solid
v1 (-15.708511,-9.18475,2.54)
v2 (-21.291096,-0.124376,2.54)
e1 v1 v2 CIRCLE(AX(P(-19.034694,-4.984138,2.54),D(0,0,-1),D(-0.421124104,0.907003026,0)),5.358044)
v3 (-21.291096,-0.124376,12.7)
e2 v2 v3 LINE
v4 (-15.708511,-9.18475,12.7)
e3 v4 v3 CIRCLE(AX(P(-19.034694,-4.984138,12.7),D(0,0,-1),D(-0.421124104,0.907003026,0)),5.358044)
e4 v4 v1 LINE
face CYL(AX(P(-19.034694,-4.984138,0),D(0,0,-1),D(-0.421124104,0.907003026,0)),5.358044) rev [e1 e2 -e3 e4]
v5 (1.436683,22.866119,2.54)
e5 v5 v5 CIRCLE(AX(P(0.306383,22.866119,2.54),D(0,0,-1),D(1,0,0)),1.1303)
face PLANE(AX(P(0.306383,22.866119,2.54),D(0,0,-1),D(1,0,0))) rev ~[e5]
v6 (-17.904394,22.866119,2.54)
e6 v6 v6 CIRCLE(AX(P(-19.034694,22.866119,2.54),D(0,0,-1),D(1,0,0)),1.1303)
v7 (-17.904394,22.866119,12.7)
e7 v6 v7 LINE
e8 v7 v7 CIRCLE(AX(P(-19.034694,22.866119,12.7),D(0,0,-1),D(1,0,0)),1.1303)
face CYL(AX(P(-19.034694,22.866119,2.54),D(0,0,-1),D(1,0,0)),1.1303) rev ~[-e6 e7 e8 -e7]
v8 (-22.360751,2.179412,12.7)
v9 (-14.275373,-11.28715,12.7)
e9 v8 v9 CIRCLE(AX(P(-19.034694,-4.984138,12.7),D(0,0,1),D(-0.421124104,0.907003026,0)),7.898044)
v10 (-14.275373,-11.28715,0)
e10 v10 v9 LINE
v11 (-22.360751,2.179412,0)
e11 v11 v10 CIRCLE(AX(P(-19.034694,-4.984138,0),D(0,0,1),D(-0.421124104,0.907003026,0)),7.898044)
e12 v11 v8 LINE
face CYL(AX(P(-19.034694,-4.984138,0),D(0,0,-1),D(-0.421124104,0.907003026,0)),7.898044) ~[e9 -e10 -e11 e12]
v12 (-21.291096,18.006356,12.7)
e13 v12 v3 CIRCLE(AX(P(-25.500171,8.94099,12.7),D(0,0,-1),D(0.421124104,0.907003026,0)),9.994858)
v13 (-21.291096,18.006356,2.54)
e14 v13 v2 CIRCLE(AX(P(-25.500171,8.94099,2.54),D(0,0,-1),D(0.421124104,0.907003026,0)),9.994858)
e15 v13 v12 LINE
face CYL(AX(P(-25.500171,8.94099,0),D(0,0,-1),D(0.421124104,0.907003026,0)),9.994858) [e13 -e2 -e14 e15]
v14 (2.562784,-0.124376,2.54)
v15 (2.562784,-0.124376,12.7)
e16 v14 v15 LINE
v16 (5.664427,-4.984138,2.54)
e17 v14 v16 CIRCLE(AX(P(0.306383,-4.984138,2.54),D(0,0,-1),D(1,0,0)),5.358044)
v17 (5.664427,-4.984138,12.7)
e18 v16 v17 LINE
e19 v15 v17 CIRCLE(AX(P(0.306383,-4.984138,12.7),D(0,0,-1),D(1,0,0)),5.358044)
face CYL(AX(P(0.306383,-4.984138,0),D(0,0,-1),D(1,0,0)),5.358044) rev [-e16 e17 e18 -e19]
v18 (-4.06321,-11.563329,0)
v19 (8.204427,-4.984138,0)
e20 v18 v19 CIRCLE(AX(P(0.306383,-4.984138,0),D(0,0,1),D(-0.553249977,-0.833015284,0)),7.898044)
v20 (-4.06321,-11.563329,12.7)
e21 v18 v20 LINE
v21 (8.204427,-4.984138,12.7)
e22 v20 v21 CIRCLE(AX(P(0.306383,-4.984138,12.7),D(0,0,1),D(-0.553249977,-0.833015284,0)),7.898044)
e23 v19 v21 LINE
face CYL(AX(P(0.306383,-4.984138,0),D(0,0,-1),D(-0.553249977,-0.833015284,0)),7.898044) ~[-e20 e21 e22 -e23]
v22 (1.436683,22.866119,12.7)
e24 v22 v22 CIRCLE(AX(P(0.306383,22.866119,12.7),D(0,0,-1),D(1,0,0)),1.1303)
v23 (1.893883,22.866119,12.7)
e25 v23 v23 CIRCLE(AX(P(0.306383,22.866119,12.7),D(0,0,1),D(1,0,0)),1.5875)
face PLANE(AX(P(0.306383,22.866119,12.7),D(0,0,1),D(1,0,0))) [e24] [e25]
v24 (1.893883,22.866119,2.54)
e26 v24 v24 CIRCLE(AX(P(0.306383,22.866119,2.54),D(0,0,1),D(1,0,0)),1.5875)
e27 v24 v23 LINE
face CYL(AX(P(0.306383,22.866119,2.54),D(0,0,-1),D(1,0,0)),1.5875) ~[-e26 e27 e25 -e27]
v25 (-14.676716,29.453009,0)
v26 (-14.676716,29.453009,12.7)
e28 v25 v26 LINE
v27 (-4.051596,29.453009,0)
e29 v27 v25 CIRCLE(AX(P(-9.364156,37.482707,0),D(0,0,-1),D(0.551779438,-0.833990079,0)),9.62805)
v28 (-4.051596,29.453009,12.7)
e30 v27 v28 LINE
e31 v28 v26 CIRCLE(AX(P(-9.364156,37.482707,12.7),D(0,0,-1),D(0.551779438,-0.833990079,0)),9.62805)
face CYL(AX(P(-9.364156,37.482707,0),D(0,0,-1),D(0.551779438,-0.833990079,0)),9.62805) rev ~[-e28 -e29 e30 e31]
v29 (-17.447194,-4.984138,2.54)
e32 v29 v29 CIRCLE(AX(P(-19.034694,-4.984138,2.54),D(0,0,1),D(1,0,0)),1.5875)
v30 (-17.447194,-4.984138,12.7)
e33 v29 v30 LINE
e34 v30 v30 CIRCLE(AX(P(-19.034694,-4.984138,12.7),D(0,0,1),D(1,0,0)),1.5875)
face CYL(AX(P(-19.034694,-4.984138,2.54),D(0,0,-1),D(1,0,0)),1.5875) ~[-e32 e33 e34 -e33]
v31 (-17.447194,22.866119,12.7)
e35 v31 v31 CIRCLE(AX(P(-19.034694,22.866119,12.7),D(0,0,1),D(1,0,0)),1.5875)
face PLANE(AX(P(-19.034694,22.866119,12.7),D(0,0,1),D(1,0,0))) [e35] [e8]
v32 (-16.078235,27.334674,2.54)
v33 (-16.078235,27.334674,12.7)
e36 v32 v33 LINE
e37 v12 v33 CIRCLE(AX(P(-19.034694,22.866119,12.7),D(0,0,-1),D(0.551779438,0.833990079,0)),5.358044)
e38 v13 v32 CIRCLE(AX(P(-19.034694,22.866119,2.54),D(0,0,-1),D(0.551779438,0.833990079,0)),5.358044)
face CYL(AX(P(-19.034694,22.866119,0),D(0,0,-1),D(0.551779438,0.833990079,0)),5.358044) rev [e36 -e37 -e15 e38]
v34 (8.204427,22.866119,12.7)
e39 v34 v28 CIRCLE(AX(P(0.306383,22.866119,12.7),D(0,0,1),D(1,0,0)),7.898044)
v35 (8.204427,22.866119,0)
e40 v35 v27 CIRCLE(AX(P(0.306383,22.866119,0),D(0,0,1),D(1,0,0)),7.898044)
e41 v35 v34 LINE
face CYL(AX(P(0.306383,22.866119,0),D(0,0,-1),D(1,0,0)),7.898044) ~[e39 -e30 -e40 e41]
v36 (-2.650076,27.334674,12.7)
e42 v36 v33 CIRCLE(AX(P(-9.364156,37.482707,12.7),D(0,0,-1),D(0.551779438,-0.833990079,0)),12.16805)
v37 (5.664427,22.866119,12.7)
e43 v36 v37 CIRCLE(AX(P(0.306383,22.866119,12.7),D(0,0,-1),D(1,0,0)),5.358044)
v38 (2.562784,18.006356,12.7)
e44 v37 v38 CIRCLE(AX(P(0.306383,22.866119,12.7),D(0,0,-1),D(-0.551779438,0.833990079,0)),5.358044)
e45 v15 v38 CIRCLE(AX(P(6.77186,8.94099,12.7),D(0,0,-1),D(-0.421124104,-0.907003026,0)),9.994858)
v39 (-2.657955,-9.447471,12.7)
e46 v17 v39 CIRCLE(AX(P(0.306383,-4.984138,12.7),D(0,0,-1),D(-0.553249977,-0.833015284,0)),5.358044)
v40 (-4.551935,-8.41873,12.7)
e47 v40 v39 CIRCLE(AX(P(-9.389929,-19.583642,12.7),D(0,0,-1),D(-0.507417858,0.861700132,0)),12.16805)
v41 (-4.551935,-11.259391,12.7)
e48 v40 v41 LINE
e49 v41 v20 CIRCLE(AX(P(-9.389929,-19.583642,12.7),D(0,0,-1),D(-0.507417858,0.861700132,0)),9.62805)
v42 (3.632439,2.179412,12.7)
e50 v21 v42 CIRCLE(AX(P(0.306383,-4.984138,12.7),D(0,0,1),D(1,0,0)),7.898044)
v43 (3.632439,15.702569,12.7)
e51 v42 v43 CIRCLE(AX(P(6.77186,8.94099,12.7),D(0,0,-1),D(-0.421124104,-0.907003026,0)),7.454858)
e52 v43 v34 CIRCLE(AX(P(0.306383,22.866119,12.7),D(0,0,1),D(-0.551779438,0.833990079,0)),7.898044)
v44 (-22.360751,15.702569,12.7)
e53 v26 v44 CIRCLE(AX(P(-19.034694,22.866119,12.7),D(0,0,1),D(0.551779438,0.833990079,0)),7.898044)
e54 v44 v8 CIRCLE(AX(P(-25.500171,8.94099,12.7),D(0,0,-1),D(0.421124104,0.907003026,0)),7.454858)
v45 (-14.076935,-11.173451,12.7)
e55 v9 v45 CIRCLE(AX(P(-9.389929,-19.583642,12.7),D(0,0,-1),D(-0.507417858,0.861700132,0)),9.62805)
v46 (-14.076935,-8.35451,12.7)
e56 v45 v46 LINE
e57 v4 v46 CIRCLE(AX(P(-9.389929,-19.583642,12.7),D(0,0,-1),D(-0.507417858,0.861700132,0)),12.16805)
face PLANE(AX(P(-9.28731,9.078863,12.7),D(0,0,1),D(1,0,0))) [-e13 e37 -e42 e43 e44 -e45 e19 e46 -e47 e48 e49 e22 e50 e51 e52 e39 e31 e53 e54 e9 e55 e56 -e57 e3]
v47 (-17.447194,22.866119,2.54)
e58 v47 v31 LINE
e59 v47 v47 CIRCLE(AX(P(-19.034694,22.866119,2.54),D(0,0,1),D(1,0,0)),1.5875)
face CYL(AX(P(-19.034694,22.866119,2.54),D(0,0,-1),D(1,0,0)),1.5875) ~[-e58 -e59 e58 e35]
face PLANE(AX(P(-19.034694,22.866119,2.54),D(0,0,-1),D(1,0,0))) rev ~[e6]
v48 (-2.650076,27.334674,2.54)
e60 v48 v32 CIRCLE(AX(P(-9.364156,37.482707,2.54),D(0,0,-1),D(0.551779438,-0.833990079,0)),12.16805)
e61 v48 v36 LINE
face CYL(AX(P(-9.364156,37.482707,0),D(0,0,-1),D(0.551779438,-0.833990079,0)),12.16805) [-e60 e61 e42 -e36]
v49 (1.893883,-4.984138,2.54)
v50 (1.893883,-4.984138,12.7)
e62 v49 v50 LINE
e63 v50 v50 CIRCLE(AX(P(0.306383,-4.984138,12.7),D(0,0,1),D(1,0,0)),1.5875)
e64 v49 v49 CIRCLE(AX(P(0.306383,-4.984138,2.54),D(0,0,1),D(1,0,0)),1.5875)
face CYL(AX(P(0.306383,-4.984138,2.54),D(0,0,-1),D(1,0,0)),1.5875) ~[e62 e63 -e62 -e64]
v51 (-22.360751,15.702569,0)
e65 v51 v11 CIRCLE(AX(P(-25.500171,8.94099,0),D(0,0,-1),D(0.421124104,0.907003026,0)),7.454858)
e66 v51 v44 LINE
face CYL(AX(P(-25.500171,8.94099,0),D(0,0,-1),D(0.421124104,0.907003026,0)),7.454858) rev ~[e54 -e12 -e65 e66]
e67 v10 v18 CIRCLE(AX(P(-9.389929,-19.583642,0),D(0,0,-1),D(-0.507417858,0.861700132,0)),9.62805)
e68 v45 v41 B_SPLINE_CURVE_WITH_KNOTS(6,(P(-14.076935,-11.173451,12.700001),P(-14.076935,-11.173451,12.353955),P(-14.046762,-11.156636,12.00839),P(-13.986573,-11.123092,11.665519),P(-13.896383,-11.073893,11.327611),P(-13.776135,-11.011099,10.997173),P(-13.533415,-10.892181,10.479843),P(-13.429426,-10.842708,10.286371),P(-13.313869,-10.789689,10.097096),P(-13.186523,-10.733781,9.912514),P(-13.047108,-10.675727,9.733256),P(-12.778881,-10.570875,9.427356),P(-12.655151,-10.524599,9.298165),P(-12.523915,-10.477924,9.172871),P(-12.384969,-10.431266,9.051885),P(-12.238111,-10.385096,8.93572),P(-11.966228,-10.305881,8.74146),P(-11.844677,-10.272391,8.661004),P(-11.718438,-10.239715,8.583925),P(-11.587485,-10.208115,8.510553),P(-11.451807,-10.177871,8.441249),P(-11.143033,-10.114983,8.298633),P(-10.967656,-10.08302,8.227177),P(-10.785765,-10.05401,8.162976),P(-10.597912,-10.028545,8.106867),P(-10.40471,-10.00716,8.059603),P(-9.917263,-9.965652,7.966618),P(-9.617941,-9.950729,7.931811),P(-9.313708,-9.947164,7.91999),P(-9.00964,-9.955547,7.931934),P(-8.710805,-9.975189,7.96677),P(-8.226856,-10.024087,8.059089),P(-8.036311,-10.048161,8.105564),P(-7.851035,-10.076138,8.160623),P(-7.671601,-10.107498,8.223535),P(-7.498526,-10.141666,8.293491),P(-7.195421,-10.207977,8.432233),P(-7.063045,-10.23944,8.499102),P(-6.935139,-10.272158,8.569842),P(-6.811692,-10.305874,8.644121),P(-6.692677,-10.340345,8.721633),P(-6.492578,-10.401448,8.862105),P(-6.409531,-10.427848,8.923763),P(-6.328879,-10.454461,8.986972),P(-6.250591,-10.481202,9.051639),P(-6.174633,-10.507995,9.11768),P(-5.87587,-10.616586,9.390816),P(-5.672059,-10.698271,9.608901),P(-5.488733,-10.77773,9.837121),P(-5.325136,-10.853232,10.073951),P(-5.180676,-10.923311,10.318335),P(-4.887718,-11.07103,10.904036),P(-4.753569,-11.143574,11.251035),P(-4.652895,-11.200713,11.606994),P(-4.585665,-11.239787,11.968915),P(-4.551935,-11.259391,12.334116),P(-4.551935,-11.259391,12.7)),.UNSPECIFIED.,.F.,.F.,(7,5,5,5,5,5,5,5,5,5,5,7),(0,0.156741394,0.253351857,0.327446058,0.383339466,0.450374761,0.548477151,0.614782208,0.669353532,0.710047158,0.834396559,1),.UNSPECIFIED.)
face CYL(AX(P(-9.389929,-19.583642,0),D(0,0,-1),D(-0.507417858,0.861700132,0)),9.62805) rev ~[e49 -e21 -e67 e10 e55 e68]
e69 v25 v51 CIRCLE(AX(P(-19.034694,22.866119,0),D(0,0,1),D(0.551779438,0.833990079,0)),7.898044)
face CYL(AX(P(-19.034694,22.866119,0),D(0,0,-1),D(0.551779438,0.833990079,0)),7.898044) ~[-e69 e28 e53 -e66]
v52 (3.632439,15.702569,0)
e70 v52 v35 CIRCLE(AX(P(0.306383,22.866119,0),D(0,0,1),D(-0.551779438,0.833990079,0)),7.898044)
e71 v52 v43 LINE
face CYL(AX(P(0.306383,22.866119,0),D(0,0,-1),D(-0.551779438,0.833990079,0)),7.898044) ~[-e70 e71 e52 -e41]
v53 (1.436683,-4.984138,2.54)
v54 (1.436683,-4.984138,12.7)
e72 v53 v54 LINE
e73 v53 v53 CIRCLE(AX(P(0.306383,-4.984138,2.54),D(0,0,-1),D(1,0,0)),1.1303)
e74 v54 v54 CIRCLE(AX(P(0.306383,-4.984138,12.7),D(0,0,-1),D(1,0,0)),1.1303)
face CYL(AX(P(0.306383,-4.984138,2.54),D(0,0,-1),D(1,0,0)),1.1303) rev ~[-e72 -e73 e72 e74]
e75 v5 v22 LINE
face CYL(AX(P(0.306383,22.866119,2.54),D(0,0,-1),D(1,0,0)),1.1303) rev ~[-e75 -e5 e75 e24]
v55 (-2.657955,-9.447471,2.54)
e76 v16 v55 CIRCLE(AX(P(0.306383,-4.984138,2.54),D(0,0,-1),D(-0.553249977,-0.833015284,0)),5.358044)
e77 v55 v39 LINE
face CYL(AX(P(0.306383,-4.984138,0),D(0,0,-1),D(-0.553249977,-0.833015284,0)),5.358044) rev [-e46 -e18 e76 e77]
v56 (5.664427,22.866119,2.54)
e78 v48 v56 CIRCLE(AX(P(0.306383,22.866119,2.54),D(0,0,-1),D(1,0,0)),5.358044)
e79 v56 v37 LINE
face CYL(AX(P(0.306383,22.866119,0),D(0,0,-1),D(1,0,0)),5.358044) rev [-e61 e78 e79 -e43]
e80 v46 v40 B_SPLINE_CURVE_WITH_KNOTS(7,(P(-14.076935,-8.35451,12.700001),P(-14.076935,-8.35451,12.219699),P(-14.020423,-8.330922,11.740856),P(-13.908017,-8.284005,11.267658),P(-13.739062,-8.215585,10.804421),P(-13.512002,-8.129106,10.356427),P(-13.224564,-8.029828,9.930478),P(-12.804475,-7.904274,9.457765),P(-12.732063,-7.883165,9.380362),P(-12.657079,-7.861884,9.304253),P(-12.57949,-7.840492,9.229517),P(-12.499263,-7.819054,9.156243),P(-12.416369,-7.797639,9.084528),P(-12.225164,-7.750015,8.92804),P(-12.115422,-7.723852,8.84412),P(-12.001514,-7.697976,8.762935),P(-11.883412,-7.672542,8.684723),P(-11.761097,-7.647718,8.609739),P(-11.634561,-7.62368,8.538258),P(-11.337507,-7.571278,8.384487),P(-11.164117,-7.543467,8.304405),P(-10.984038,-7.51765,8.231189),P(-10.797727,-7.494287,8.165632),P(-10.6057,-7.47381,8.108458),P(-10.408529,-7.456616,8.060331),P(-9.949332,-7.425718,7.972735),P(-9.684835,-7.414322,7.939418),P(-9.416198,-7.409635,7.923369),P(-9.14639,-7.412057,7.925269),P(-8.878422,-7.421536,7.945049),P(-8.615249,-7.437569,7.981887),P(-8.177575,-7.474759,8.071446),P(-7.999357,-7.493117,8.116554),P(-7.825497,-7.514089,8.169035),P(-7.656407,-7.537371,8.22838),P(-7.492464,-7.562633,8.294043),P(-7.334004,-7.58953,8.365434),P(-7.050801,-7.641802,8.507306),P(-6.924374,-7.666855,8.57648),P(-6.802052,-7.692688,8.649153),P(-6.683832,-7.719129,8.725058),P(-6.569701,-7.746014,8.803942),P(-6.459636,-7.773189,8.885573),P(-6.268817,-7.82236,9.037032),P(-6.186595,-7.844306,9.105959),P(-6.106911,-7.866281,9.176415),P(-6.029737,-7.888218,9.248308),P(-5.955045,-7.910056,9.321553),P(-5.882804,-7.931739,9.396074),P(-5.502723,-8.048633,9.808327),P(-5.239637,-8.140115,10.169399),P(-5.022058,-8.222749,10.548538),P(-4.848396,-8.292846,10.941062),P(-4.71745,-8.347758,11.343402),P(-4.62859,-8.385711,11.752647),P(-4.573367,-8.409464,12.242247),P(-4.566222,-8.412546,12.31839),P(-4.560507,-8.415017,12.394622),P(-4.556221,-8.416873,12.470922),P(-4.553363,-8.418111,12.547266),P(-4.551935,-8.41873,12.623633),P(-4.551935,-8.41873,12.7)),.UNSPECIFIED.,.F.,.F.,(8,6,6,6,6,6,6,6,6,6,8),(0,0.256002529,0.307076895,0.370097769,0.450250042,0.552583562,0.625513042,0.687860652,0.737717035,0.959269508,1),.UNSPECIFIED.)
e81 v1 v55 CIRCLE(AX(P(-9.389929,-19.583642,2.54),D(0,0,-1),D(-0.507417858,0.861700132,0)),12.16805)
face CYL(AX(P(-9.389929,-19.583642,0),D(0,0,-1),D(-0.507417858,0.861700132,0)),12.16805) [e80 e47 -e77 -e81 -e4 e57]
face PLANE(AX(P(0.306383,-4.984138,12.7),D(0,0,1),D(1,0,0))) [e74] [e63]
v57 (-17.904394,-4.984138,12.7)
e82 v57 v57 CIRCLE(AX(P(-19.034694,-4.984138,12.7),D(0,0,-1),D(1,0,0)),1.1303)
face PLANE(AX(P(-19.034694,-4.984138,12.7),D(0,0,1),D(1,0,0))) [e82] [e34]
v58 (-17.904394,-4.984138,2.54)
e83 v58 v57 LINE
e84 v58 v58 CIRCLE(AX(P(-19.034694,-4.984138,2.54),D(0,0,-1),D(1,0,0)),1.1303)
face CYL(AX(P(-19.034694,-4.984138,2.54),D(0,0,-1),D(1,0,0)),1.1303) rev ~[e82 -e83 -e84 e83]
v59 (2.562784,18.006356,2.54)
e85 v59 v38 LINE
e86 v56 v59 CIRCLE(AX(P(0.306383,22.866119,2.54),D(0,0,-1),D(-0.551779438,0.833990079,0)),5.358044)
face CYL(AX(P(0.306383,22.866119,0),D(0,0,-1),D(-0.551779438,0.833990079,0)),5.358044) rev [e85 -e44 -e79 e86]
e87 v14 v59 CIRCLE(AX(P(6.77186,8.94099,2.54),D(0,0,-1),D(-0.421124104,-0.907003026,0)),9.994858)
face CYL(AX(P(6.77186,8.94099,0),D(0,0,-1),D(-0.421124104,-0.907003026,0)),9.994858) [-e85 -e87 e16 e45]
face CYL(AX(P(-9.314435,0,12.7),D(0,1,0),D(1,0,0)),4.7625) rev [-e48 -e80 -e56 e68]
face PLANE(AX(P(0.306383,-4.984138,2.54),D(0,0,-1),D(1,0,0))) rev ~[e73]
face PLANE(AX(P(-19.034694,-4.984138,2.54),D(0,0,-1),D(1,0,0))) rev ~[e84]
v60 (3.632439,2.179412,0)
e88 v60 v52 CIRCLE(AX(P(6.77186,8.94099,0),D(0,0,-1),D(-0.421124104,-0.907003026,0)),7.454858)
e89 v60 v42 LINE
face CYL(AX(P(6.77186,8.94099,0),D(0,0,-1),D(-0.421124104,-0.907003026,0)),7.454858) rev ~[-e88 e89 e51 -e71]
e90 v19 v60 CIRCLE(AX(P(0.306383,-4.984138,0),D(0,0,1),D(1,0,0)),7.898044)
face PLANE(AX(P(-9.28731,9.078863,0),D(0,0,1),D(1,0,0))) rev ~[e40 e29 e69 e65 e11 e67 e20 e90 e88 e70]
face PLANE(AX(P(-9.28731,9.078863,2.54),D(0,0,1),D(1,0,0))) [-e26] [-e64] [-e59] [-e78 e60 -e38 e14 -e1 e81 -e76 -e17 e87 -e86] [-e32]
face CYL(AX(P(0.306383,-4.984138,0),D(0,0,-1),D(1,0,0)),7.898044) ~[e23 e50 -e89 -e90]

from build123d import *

# Parameters (mm, degrees)
F1_DEPTH = 12.7
F2_T     = -2.54
F3_R     = 1.5875
F4_DEPTH = 10.16
F5_D     = 2.2606
F5_DEPTH = 10.161
F6_D     = 2.2606
F6_DEPTH = 10.161
F7_R     = 4.7625
F8_DEPTH = 25.4


with BuildPart() as f1:
    # F0 (on Top) → F1 (new body)
    with BuildSketch(Plane.XY):
        with BuildLine():
            ThreePointArc((-14.6767156663, 29.4530092287), (-12.0777332251, 26.6050755519), (-11.136649862, 22.8661187375))
            ThreePointArc((-11.136649862, 22.8661187375), (-14.7855906965, 16.2084748129), (-22.3607508211, 15.7025687681))
            ThreePointArc((-22.3607508211, 15.7025687681), (-18.0453134926, 8.9409904355), (-22.3607508211, 2.1794121029))
            ThreePointArc((-22.3607508211, 2.1794121029), (-14.7855906965, 1.673506058), (-11.136649862, -4.9841378665))
            ThreePointArc((-11.136649862, -4.9841378665), (-11.9647424889, -8.5047751532), (-14.2753729744, -11.287150229))
            ThreePointArc((-14.2753729744, -11.287150229), (-9.1296413708, -9.9591111779), (-4.06321014, -11.5633293799))
            ThreePointArc((-4.06321014, -11.5633293799), (-6.584769511, -1.1252359292), (3.6324394001, 2.1794121029))
            ThreePointArc((3.6324394001, 2.1794121029), (-0.6829979284, 8.9409904355), (3.6324394001, 15.7025687681))
            ThreePointArc((3.6324394001, 15.7025687681), (-6.588170937, 19.0132972903), (-4.0515957548, 29.4530092287))
            ThreePointArc((-4.0515957548, 29.4530092287), (-9.3641557105, 27.8546574286), (-14.6767156663, 29.4530092287))
        make_face()
        with BuildLine():
            ThreePointArc((-22.3607508211, 15.7025687681), (-14.7855906965, 16.2084748129), (-11.136649862, 22.8661187375))
            ThreePointArc((-11.136649862, 22.8661187375), (-12.0777332251, 26.6050755519), (-14.6767156663, 29.4530092287))
            ThreePointArc((-14.6767156663, 29.4530092287), (-25.9292475994, 26.7189401846), (-22.3607508211, 15.7025687681))
        make_face()
        with BuildLine():
            ThreePointArc((8.2044268003, 22.8661187375), (4.0453394351, 29.823079554), (-4.0515957548, 29.4530092287))
            ThreePointArc((-4.0515957548, 29.4530092287), (-6.588170937, 19.0132972903), (3.6324394001, 15.7025687681))
            ThreePointArc((3.6324394001, 15.7025687681), (6.9640265452, 18.6170153923), (8.2044268003, 22.8661187375))
        make_face()
        with BuildLine():
            ThreePointArc((-11.136649862, -4.9841378665), (-14.7855906965, 1.673506058), (-22.3607508211, 2.1794121029))
            ThreePointArc((-22.3607508211, 2.1794121029), (-25.8060038773, -9.0496593551), (-14.2753729744, -11.287150229))
            ThreePointArc((-14.2753729744, -11.287150229), (-11.9647424889, -8.5047751532), (-11.136649862, -4.9841378665))
        make_face()
        with BuildLine():
            ThreePointArc((8.2044268003, -4.9841378665), (6.9640265452, -0.7350345214), (3.6324394001, 2.1794121029))
            ThreePointArc((3.6324394001, 2.1794121029), (-6.584769511, -1.1252359292), (-4.06321014, -11.5633293799))
            ThreePointArc((-4.06321014, -11.5633293799), (4.0392009389, -11.9443942747), (8.2044268003, -4.9841378665))
        make_face()
    extrude(amount=F1_DEPTH)

    # F2
    f2_openings = [f1.faces().sort_by_distance(p)[0] for p in [
        (-9.363943, 8.943821, 12.7),
    ]]
    offset(amount=F2_T, openings=f2_openings, kind=Kind.INTERSECTION)

    # F3 (on face) → F4 (join, through all)
    with BuildSketch(Plane.XY.offset(2.54)):
        with Locations((-19.0346940417, 22.8661187375)):
            Circle(F3_R)
        with Locations((0.3063826207, 22.8661187375)):
            Circle(F3_R)
        with Locations((-19.0346940417, -4.9841378665)):
            Circle(F3_R)
        with Locations((0.3063826207, -4.9841378665)):
            Circle(F3_R)
    extrude(amount=F4_DEPTH)

    # F5 (through all, one way)
    with BuildSketch(Plane(origin=(0, 0, 2.54), x_dir=(1, 0, 0), z_dir=(0, 0, -1))):
        with Locations((-19.0346940417, -22.8661187375)):
            Circle(F5_D / 2)
    extrude(amount=-F5_DEPTH, mode=Mode.SUBTRACT)

    # F6 (through all, one way)
    with BuildSketch(Plane(origin=(0, 0, 2.54), x_dir=(1, 0, 0), z_dir=(0, 0, -1))):
        with Locations((0.3063826207, -22.8661187375), (0.3063826207, 4.9841378665), (-19.0346940417, 4.9841378665)):
            Circle(F6_D / 2)
    extrude(amount=-F6_DEPTH, mode=Mode.SUBTRACT)

    # F7 (on Front) → F8 (cut)
    with BuildSketch(Plane.XZ):
        with Locations((-9.3144346029, 12.7)):
            Circle(F7_R)
    extrude(amount=F8_DEPTH, mode=Mode.SUBTRACT)


solid = f1.part
